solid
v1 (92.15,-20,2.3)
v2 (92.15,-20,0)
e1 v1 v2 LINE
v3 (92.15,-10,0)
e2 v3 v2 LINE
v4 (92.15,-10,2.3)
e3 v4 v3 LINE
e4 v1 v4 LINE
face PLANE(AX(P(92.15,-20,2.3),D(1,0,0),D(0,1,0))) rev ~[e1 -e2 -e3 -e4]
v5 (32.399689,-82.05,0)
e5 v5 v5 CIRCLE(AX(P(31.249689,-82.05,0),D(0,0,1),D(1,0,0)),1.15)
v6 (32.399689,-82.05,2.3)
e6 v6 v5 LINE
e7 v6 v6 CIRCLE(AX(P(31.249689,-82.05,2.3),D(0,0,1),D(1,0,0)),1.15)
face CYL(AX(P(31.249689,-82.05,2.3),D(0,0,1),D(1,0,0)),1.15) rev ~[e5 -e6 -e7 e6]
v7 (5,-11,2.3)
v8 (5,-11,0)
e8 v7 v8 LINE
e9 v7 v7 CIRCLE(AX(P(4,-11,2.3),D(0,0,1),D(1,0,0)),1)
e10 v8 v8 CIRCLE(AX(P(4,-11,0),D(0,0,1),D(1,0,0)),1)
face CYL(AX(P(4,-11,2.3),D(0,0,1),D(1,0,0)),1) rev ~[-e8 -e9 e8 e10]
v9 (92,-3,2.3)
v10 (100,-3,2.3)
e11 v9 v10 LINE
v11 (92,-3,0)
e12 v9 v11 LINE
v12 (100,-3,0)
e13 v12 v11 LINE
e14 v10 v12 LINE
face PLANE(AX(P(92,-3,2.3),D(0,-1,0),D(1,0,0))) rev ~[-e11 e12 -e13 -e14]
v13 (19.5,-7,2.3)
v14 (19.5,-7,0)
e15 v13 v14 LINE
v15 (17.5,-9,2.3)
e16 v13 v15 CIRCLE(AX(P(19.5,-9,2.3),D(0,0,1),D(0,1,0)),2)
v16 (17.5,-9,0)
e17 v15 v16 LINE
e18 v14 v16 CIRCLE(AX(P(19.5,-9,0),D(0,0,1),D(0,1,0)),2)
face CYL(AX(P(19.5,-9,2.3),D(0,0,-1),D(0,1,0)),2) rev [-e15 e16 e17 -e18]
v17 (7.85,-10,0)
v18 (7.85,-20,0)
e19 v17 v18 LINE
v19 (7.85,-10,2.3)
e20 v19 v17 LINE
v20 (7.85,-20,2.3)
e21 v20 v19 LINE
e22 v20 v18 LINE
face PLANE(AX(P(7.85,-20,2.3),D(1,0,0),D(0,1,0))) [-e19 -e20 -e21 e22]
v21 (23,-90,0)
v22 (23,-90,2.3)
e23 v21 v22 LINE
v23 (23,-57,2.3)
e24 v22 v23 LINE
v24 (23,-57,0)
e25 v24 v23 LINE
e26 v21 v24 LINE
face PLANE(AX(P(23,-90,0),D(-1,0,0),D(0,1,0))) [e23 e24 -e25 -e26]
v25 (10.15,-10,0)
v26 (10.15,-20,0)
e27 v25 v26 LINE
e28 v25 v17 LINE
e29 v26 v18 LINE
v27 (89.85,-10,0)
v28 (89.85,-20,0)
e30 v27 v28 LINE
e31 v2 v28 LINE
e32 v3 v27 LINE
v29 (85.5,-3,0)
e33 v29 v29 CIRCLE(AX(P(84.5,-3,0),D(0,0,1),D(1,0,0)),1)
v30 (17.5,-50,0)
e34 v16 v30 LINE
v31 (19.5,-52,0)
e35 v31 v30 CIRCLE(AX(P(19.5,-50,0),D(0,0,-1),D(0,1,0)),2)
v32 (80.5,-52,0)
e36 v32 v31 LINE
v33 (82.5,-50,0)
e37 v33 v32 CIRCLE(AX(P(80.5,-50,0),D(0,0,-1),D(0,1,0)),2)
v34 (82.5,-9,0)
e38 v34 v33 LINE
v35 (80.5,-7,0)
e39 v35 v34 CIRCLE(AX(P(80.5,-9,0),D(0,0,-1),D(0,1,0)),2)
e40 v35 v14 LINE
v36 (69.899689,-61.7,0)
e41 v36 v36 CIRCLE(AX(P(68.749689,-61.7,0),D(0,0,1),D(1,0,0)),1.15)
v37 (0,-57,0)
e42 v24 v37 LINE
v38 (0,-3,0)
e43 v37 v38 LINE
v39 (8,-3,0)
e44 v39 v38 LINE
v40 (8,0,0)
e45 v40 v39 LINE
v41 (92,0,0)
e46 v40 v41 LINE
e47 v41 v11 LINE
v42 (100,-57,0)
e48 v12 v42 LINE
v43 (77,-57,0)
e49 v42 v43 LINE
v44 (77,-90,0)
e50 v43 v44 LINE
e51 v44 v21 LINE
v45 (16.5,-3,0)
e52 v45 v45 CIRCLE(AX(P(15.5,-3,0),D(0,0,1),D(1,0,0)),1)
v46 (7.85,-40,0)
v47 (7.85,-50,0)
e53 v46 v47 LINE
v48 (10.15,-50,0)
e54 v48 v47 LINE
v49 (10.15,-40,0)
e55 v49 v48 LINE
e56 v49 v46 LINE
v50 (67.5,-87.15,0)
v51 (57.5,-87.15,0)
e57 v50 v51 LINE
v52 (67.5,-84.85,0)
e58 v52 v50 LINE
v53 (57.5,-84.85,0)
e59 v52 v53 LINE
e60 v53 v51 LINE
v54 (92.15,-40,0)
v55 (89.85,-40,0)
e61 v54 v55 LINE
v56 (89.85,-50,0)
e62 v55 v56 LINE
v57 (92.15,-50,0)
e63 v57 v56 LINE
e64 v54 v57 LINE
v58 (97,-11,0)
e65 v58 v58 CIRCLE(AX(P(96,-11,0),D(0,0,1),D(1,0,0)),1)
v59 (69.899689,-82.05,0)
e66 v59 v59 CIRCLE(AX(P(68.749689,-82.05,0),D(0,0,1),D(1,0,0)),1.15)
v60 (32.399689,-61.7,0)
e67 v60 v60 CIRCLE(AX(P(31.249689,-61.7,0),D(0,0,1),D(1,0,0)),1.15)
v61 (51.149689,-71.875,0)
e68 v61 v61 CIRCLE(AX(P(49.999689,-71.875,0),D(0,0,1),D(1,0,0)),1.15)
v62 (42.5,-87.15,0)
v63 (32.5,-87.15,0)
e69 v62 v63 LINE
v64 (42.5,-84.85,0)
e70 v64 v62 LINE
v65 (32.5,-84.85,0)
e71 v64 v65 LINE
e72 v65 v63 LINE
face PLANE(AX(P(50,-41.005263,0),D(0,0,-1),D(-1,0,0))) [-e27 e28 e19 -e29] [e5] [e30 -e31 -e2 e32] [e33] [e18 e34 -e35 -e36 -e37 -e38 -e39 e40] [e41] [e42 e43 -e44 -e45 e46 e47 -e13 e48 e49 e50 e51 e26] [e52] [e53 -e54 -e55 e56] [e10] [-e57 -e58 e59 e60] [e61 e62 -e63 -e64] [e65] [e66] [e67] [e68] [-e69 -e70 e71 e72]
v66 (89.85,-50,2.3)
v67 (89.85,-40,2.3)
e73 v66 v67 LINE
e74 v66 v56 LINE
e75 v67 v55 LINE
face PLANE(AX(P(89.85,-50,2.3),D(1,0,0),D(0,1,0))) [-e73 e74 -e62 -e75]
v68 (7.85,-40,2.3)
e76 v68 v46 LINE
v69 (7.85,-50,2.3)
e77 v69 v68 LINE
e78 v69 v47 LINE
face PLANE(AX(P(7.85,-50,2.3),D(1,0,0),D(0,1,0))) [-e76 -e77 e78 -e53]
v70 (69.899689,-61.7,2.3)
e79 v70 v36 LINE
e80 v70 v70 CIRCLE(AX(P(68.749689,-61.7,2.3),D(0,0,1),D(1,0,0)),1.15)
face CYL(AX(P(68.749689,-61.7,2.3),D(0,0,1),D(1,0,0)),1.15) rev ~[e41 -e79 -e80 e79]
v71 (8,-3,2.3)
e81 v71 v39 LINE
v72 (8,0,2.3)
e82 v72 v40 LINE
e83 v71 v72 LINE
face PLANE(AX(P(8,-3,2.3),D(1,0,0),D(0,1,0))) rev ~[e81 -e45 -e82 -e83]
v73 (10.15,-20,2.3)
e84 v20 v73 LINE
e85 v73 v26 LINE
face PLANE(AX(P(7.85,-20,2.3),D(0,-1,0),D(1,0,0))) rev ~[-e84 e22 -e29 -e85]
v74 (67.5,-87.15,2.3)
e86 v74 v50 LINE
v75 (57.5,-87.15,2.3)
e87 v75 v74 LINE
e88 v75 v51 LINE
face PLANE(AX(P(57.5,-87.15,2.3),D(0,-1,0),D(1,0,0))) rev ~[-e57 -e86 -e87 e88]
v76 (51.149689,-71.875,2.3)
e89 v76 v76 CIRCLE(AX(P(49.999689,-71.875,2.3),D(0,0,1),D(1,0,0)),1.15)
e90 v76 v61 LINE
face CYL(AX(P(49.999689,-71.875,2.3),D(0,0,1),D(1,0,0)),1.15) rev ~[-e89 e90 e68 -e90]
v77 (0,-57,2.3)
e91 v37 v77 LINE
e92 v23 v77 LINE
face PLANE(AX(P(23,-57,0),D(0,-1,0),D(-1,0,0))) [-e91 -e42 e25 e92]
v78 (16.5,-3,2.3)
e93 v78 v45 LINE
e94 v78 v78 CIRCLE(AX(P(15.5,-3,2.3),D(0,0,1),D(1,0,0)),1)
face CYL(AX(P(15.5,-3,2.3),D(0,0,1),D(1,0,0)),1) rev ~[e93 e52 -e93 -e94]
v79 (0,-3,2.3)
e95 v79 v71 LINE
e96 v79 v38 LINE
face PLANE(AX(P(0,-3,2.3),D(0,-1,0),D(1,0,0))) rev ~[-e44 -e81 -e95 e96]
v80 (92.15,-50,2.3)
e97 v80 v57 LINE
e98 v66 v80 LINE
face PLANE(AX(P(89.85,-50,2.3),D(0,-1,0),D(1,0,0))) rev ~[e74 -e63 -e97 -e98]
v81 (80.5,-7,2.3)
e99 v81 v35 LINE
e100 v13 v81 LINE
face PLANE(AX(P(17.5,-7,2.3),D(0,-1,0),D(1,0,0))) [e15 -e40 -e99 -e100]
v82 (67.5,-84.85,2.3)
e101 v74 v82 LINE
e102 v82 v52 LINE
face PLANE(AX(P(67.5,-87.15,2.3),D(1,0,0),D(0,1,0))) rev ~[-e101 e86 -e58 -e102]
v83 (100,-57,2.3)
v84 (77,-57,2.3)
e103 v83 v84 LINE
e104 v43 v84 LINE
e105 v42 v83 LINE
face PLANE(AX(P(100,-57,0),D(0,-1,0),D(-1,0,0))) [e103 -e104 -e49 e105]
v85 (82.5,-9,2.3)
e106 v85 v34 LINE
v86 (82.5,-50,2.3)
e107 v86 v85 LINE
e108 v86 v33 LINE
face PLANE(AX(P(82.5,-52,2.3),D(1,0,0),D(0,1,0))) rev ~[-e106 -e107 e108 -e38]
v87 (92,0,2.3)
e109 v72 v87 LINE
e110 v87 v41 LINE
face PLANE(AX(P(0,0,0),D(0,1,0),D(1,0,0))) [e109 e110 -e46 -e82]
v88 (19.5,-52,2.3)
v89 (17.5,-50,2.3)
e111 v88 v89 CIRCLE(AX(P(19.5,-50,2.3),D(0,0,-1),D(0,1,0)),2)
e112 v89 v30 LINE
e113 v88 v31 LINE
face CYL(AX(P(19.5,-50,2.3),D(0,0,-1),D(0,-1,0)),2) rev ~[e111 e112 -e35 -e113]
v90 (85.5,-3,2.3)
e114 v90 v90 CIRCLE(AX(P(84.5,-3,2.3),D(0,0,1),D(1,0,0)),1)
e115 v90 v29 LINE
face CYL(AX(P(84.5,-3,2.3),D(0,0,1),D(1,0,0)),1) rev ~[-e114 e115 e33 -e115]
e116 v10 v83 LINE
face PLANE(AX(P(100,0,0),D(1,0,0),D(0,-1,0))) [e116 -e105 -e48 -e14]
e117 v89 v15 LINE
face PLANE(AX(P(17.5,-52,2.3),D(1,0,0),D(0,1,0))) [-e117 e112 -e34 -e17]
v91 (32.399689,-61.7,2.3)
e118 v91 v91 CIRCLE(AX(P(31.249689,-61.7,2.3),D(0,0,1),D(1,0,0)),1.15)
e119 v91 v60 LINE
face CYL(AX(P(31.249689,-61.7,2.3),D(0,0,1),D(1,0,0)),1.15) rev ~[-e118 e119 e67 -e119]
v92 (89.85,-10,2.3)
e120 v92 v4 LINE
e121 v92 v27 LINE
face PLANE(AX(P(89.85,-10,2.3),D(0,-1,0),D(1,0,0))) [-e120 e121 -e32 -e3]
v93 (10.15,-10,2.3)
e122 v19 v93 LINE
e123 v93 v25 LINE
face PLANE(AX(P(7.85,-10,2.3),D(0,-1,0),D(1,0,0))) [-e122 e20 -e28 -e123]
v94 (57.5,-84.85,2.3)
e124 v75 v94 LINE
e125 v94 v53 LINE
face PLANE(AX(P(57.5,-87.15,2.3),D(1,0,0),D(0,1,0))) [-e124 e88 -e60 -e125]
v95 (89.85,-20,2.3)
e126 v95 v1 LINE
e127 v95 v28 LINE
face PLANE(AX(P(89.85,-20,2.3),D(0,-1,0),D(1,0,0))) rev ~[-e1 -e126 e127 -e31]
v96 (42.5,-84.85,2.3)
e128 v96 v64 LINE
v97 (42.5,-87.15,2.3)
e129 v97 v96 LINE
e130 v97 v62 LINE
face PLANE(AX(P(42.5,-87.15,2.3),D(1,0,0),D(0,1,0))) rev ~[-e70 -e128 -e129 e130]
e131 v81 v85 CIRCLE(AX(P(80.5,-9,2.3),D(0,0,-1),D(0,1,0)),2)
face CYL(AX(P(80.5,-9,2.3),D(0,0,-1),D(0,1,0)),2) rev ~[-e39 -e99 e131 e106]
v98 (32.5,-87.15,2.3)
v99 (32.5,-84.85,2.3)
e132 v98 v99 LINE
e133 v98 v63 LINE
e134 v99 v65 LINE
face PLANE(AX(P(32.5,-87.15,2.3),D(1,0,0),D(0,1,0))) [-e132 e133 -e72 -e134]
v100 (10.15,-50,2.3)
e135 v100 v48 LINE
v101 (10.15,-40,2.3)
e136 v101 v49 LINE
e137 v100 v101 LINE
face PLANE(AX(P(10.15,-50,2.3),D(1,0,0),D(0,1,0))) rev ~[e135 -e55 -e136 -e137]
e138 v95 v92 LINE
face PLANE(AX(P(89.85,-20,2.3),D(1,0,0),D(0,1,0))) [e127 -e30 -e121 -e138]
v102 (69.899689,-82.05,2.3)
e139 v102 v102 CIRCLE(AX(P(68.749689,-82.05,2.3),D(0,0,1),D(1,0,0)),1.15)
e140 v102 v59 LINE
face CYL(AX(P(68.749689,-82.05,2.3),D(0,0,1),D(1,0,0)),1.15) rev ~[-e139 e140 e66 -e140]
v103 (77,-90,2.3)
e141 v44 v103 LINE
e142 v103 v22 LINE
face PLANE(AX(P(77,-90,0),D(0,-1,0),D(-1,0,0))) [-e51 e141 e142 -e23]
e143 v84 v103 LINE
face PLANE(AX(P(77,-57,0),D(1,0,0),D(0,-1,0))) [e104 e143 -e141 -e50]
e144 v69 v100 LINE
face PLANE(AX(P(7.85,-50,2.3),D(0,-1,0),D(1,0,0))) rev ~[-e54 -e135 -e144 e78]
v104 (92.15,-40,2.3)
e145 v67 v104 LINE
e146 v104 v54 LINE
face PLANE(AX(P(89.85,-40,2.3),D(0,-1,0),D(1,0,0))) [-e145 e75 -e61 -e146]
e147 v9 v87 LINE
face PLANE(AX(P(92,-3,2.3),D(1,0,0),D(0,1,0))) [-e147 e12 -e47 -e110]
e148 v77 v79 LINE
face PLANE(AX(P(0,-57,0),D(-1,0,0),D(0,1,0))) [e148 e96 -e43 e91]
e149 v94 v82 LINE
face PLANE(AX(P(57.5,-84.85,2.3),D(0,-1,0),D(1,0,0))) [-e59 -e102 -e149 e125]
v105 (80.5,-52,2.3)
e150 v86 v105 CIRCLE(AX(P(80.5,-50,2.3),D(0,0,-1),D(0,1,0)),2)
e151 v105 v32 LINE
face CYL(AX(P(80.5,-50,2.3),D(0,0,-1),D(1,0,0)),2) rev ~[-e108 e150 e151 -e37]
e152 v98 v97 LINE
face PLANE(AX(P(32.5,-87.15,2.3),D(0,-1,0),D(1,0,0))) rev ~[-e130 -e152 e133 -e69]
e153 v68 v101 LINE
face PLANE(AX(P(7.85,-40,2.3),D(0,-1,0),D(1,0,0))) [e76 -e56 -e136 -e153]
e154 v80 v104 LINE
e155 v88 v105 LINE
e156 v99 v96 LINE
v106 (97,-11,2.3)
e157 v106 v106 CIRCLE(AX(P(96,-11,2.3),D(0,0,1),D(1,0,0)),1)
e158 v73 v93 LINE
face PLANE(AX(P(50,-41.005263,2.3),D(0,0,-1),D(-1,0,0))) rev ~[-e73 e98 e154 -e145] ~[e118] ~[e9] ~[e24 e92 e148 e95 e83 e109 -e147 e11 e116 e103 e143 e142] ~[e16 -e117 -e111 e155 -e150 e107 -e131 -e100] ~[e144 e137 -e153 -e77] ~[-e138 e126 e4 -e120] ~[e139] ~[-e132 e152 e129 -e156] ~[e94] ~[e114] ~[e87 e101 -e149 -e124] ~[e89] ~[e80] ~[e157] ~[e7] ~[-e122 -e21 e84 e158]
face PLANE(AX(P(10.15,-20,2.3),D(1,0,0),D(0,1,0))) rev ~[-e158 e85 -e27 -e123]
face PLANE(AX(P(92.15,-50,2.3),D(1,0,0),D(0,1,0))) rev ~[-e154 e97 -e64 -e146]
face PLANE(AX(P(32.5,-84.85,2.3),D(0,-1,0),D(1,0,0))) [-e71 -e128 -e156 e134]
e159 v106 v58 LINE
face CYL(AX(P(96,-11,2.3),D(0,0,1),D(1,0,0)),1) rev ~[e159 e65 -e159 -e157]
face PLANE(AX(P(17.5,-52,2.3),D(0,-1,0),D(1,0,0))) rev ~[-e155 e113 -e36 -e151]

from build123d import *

# Parameters (mm, degrees)
BOSS_EXTRUDE1_DEPTH = 2.3
SKETCH5_W           = 65
SKETCH5_H           = 45
CUT_EXTRUDE1_DEPTH  = 3.3
FILLET1_R           = 2
SKETCH7_W           = 2.3
SKETCH7_H           = 10
SKETCH7_W_2         = 10
SKETCH7_H_2         = 2.3
CUT_EXTRUDE2_DEPTH  = 3.3
SKETCH8_R           = 1
CUT_EXTRUDE3_DEPTH  = 3.3
SKETCH10_R          = 1.15
CUT_EXTRUDE4_DEPTH  = 3.3
SKETCH11_W          = 8
SKETCH11_H          = 3
CUT_EXTRUDE5_DEPTH  = 10
SKETCH12_R          = 1
CUT_EXTRUDE6_DEPTH  = 10


with BuildPart() as part:
    # Sketch1 → Boss-Extrude1 (new body)
    with BuildSketch(Plane.XY):
        Polygon((0, 0), (100, 0), (100, -57), (77, -57), (77, -90), (23, -90), (23, -57), (0, -57), align=None)
    extrude(amount=BOSS_EXTRUDE1_DEPTH)

    # Sketch5 → Cut-Extrude1 (cut, through all)
    with BuildSketch(Plane.XY.offset(2.3)):
        with Locations((50, -29.5)):
            Rectangle(SKETCH5_W, SKETCH5_H)
    extrude(amount=-CUT_EXTRUDE1_DEPTH, mode=Mode.SUBTRACT)

    # Fillet1
    fillet1_edges = [part.edges().sort_by_distance(p)[0] for p in [
        (82.5, -7, 1.15),
        (82.5, -52, 1.15),
        (17.5, -52, 1.15),
        (17.5, -7, 1.15),
    ]]
    fillet(fillet1_edges, radius=FILLET1_R)

    # Sketch7 → Cut-Extrude2 (cut, through all)
    with BuildSketch(Plane.XY.offset(2.3)):
        with Locations((91, -15)):
            Rectangle(SKETCH7_W, SKETCH7_H)
        with Locations((91, -45)):
            Rectangle(SKETCH7_W, SKETCH7_H)
        with Locations((9, -15)):
            Rectangle(SKETCH7_W, SKETCH7_H)
        with Locations((9, -45)):
            Rectangle(SKETCH7_W, SKETCH7_H)
        with Locations((37.5, -86)):
            Rectangle(SKETCH7_W_2, SKETCH7_H_2)
        with Locations((62.5, -86)):
            Rectangle(SKETCH7_W_2, SKETCH7_H_2)
    extrude(amount=-CUT_EXTRUDE2_DEPTH, mode=Mode.SUBTRACT)

    # Sketch8 → Cut-Extrude3 (cut, through all)
    with BuildSketch(Plane.XY.offset(2.3)):
        with Locations((15.5, -3)):
            Circle(SKETCH8_R)
        with Locations((84.5, -3)):
            Circle(SKETCH8_R)
    extrude(amount=-CUT_EXTRUDE3_DEPTH, mode=Mode.SUBTRACT)

    # Sketch10 → Cut-Extrude4 (cut, through all)
    with BuildSketch(Plane.XY.offset(2.3)):
        with Locations((49.9996888, -71.875)):
            Circle(SKETCH10_R)
        with Locations((31.2496888, -61.7)):
            Circle(SKETCH10_R)
        with Locations((68.7496888, -61.7)):
            Circle(SKETCH10_R)
        with Locations((31.2496888, -82.05)):
            Circle(SKETCH10_R)
        with Locations((68.7496888, -82.05)):
            Circle(SKETCH10_R)
    extrude(amount=-CUT_EXTRUDE4_DEPTH, mode=Mode.SUBTRACT)

    # Sketch11 → Cut-Extrude5 (cut)
    with BuildSketch(Plane.XY.offset(2.3)):
        with Locations((4, -1.5)):
            Rectangle(SKETCH11_W, SKETCH11_H)
        with Locations((96, -1.5)):
            Rectangle(SKETCH11_W, SKETCH11_H)
    extrude(amount=-CUT_EXTRUDE5_DEPTH, mode=Mode.SUBTRACT)

    # Sketch12 → Cut-Extrude6 (cut)
    with BuildSketch(Plane.XY.offset(2.3)):
        with Locations((4, -11)):
            Circle(SKETCH12_R)
        with Locations((96, -11)):
            Circle(SKETCH12_R)
    extrude(amount=-CUT_EXTRUDE6_DEPTH, mode=Mode.SUBTRACT)


solid = part.part
